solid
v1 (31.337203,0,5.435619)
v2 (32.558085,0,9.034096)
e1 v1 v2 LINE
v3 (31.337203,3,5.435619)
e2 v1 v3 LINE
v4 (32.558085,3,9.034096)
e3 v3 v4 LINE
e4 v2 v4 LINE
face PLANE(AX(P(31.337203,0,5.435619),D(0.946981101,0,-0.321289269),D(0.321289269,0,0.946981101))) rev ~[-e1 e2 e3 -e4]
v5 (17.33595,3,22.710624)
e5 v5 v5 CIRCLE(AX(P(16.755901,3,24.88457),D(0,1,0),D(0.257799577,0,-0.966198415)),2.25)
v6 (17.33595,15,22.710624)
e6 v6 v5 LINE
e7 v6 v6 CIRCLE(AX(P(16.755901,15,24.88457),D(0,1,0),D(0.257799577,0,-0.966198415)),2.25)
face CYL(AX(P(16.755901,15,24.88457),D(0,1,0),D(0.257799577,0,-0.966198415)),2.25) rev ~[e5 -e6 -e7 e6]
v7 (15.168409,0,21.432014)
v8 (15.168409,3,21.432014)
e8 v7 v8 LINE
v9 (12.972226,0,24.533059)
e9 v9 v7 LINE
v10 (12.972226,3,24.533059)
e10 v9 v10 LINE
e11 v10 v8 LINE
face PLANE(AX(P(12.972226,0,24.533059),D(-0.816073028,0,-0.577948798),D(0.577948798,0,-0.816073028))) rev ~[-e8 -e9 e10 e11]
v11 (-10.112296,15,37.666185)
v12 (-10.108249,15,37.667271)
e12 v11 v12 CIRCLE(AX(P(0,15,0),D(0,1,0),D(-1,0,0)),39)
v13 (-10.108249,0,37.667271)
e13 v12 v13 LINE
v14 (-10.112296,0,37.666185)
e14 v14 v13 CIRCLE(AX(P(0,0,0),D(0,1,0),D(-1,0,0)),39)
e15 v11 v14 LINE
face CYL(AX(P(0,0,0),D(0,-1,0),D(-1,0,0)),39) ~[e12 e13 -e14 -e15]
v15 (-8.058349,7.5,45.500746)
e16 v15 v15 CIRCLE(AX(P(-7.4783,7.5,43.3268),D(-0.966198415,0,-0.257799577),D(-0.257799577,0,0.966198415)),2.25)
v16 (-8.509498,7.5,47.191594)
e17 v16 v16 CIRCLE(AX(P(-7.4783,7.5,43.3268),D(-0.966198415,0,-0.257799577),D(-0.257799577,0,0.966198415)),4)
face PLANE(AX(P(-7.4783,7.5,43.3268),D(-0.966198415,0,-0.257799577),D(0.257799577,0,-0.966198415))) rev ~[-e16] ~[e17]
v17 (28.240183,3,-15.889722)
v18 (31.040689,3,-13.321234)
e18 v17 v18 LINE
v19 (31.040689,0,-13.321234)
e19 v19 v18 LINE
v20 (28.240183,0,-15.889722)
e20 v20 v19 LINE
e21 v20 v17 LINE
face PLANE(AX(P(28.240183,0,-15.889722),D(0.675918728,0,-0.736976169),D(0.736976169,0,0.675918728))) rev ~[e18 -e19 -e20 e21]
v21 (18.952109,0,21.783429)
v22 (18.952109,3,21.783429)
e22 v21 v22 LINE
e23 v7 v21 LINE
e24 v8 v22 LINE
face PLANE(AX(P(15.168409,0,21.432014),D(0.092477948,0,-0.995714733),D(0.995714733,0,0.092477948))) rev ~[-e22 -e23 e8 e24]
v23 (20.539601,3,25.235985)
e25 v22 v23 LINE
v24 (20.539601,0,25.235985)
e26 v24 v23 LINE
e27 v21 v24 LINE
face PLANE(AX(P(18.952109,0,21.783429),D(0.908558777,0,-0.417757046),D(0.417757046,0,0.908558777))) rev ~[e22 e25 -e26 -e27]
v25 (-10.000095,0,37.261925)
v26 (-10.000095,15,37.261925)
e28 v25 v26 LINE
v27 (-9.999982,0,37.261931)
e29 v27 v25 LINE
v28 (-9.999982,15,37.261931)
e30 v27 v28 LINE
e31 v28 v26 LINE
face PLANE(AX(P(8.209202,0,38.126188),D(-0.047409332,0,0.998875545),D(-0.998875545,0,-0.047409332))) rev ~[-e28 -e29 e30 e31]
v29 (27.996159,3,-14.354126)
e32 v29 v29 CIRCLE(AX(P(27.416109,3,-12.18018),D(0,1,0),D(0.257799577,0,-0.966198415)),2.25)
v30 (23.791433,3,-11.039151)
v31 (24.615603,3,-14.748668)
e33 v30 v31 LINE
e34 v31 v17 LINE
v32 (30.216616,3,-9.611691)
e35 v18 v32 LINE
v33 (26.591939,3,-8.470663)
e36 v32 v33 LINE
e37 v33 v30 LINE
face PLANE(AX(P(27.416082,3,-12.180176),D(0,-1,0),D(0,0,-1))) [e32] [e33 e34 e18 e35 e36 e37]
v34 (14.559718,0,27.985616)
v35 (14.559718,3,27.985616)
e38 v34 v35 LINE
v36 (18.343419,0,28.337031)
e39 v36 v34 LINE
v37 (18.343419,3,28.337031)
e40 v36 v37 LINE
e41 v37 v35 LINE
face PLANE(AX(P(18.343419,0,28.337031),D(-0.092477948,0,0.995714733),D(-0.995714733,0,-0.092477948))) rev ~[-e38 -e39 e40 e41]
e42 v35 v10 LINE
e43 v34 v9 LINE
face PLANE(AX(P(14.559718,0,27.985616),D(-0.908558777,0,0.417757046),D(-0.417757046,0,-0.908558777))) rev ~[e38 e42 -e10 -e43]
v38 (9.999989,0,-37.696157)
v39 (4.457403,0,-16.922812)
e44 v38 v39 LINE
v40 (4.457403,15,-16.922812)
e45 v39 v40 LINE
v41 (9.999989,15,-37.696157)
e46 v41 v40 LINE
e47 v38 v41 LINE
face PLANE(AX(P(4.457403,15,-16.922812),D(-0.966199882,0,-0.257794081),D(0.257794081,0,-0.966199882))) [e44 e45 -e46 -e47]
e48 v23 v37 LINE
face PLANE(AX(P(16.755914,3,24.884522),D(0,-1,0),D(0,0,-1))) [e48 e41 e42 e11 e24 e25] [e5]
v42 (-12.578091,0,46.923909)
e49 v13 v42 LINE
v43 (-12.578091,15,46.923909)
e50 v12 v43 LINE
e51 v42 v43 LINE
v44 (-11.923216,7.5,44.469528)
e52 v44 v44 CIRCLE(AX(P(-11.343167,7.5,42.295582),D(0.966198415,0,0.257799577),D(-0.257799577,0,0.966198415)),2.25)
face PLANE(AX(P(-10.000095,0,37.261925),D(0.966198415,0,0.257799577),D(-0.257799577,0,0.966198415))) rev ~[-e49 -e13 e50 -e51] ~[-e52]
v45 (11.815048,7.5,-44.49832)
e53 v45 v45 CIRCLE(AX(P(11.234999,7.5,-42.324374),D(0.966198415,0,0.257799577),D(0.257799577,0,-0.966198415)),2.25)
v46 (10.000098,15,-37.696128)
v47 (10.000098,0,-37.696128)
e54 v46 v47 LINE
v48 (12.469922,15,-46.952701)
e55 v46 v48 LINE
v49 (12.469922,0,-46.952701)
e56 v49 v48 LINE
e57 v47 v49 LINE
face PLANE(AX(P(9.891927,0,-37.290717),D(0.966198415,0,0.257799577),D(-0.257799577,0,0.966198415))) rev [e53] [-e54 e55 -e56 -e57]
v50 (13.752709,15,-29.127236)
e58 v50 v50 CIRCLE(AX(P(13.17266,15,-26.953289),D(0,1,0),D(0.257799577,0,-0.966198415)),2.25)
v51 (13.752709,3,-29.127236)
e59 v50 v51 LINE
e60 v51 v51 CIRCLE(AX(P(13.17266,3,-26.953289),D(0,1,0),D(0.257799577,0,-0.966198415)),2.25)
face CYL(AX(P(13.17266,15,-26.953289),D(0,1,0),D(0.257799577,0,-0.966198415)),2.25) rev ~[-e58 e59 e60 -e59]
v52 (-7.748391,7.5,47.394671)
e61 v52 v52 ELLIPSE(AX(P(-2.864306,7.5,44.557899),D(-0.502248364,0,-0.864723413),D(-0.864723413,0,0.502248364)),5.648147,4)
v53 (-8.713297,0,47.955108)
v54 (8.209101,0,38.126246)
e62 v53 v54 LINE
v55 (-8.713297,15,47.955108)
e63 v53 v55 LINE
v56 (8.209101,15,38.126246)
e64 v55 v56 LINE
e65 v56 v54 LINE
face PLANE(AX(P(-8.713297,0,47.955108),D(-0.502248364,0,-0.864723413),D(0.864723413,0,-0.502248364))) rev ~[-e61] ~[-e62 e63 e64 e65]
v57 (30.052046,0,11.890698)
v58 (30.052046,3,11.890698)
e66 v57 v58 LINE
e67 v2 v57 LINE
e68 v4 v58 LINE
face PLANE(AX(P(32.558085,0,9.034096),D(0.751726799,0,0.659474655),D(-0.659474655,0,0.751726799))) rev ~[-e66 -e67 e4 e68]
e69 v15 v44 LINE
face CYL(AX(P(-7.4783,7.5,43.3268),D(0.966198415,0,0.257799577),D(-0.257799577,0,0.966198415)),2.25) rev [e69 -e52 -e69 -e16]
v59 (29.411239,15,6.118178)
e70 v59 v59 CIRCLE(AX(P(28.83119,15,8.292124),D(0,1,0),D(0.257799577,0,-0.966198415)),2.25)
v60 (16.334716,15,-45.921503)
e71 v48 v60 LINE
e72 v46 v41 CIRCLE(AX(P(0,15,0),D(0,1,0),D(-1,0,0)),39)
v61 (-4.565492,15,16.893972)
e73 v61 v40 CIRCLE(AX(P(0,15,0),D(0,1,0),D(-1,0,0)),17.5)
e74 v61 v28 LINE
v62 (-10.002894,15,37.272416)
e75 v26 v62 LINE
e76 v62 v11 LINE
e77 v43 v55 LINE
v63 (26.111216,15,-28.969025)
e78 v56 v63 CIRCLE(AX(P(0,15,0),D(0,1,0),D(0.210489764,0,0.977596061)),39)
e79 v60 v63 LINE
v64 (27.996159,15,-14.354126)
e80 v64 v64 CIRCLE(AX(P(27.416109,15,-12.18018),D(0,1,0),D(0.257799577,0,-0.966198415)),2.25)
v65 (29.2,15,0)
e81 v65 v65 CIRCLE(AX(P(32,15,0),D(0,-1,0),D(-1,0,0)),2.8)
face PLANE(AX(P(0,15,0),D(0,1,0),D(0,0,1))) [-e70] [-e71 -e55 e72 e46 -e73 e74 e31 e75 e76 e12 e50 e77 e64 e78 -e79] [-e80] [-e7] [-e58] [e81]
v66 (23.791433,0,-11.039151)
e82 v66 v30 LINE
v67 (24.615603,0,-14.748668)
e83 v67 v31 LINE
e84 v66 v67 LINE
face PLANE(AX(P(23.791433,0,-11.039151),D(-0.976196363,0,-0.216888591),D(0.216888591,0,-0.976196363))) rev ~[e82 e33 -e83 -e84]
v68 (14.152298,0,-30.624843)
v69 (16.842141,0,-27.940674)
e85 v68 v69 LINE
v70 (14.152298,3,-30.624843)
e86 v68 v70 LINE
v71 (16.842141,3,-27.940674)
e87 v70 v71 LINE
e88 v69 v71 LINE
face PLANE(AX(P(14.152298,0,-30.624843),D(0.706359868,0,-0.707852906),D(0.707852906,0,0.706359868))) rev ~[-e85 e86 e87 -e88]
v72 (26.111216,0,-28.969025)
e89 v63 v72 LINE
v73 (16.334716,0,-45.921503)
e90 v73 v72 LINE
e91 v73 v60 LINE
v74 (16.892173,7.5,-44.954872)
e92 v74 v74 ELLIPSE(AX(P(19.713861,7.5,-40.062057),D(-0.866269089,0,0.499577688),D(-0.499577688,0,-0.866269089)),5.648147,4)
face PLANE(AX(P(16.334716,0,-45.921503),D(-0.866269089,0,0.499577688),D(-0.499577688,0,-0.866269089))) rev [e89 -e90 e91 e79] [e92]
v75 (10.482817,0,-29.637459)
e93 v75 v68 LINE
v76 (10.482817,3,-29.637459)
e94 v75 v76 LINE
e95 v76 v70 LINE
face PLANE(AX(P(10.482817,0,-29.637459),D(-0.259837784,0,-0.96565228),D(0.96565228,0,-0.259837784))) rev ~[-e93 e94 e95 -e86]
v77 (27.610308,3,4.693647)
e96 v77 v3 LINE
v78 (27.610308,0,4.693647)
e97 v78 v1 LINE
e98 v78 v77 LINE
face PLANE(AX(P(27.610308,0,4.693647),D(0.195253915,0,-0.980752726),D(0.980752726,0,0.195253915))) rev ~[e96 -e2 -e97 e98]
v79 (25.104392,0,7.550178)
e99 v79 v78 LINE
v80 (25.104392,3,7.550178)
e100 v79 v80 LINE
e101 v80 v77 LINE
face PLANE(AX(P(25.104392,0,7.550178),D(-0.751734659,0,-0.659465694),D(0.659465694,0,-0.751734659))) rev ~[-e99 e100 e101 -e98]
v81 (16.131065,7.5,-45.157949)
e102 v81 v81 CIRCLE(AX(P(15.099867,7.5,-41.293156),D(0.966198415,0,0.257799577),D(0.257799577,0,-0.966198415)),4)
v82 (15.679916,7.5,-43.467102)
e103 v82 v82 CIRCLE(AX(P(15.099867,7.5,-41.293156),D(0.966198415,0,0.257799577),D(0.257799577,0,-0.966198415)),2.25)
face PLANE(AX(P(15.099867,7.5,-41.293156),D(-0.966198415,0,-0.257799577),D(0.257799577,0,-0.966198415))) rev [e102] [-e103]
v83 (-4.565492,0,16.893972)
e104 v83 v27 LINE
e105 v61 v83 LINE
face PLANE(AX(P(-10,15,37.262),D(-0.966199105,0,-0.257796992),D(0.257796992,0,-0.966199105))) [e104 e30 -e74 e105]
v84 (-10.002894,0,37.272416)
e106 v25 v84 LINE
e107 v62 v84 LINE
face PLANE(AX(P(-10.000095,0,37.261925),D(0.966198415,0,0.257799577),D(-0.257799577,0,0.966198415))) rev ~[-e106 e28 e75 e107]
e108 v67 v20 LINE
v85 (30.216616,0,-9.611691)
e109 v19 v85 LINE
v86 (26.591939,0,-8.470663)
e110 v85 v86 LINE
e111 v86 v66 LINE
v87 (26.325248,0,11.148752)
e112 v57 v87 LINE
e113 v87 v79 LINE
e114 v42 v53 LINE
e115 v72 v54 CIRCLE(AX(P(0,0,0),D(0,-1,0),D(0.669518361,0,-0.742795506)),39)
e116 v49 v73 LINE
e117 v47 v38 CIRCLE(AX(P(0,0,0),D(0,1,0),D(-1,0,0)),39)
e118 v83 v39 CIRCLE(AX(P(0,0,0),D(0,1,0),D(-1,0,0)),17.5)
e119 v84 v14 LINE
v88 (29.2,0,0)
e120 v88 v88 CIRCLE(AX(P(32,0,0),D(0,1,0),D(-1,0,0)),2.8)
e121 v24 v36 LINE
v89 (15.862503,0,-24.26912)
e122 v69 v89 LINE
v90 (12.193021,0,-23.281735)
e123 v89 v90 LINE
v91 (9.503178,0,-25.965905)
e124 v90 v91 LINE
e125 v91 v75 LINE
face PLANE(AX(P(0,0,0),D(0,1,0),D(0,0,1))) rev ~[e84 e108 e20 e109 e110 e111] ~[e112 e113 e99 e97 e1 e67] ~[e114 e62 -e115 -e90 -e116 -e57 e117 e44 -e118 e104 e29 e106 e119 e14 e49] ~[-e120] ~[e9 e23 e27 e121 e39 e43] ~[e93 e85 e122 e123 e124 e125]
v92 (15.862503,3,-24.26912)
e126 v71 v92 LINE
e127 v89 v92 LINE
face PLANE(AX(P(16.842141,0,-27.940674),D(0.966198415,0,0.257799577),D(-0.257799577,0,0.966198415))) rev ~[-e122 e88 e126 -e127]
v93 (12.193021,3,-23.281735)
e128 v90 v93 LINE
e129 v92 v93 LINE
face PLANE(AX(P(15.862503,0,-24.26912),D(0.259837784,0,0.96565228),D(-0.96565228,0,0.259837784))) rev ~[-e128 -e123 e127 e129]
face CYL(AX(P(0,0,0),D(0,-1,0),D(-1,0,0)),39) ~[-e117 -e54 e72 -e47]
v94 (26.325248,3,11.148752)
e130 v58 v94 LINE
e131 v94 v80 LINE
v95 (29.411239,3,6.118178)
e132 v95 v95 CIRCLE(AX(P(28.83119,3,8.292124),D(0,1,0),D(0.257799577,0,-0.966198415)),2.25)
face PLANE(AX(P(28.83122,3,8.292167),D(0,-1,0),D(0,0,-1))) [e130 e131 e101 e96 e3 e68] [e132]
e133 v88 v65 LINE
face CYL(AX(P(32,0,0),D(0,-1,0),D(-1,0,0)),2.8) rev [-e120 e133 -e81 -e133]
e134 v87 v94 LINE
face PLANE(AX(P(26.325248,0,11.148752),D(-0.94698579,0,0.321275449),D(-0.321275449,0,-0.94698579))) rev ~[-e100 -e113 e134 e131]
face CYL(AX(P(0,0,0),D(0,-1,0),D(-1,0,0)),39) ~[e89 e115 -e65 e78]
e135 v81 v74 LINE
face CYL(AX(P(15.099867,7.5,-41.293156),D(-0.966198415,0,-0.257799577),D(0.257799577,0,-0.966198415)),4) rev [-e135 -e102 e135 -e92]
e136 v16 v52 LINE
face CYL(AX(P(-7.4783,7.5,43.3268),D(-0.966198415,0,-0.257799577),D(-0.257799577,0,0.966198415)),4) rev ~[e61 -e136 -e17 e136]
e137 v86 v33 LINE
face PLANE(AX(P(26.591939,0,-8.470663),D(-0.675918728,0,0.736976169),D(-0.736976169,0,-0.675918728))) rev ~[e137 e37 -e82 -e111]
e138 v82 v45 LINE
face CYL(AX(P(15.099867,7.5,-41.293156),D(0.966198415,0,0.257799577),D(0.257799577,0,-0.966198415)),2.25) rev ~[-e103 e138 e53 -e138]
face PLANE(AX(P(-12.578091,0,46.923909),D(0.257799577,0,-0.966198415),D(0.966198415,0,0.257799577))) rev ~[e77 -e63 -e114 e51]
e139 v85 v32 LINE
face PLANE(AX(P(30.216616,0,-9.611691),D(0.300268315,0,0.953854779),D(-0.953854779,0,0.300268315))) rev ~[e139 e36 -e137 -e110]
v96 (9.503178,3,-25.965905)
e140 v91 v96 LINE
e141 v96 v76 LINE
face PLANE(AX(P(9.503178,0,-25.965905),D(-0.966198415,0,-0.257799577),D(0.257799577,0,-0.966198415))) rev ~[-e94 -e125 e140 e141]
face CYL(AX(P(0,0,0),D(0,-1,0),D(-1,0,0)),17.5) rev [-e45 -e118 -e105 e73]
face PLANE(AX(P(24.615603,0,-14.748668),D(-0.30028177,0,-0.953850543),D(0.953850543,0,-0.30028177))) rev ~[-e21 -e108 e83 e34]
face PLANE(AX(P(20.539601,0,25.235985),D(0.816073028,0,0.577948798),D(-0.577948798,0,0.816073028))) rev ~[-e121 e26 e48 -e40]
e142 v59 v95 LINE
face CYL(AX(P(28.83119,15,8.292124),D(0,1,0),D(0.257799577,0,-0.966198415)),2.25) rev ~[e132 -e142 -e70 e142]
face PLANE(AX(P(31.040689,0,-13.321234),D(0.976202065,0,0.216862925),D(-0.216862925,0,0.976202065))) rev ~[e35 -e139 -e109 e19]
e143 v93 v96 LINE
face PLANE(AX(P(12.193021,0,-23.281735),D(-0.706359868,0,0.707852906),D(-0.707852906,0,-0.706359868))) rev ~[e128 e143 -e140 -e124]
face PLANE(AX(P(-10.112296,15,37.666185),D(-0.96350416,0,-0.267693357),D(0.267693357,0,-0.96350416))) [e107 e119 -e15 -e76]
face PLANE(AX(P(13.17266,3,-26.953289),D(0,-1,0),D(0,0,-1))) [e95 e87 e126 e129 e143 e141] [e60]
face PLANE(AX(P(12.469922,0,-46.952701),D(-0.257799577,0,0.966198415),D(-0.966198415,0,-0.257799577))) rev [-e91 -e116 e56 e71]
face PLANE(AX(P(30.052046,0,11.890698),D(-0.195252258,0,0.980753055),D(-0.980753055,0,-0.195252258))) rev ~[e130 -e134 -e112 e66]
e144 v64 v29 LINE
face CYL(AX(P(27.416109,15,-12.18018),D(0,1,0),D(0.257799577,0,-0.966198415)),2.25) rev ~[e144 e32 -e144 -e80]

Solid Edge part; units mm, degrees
sketch "Sketch1" plane through (0, 0, 0) normal (0, 1, 0) x (-1, 0, 0)
  circle A0 centre (16.756, -24.8845) radius 2.25
  circle A1 centre (27.4161, 12.1803) radius 2.25
  circle A2 centre (-7.2345, 29.1146) radius 2.25
  circle A3 centre (-21.5968, -20.8226) radius 2.25
  circle A4 centre (0, -32) radius 2.8
  circle A5 centre (0, 32) radius 2.8
  circle A6 centre (0, 0) radius 39
  circle A7 centre (-32, 0) radius 2.8
  circle A8 centre (32, 0) radius 2.8
  circle A9 centre (-24.2565, 17.6529) radius 2.25
  circle A10 centre (13.1726, 26.9533) radius 2.25
  circle A11 centre (28.8313, -8.2921) radius 2.25
  circle A12 centre (0, 0) radius 17.5
extrude "Protrusion1" add sketch "Sketch1" along normal blind 15
sketch "Sketch2" plane through (0, 15, 0) normal (0, 1, 0) x (-1, 0, 0)
  circle A0 centre (27.4161, 12.1803) radius 2.25
  circle A1 centre (32, 0) radius 2.8
  circle A2 centre (13.1726, 26.9533) radius 2.25
  circle A3 centre (16.756, -24.8845) radius 2.25
  circle A4 centre (28.8313, -8.2921) radius 2.25
  circle A5 centre (0, -32) radius 2.8
  arc A6 (4.5655, 16.894) -> (-4.4574, -16.9228) centre (0, 0) cw
  line L0 (-4.4574, -16.9228) -> (-10, -37.6962)
  arc A7 (10.1123, 37.6662) -> (-10, -37.6962) centre (0, 0) cw
  line L1 (10.1123, 37.6662) -> (10, 37.262)
  line L2 (10, 37.262) -> (4.5655, 16.894)
extrude "ExtrudedCutout_1" cut sketch "Sketch2" along normal mid plane 476
sketch "Sketch3" plane through (14.4439, 0, 0.6519) normal (0, -1, 0) x (-0.2578, 0, 0.9662)
  line L0 (51.6742, 10.1797) -> (37.8149, -3.6369)
  line L1 (37.8149, -3.6369) -> (41.6742, 14.1797)
  line L2 (41.6742, 14.1797) -> (51.6742, 14.1797)
  line L3 (51.6742, 14.1797) -> (51.6742, 10.1797)
extrude "Protrusion2" add sketch "Sketch3" against normal up to vertex (15 mm away)
sketch "Sketch4" plane through (-7.4783, 7.5, 43.3268) normal (-0.9662, 0, -0.2578) x (-0.2578, 0, 0.9662)
  circle A0 centre (0, 0) radius 2.25
extrude "ExtrudedCutout_2" cut sketch "Sketch4" along normal mid plane 49.6
sketch "Sketch5" plane through (-7.4783, 7.5, 43.3268) normal (-0.9662, 0, -0.2578) x (-0.2578, 0, 0.9662)
  circle A0 centre (0, 0) radius 4
extrude "ExtrudedCutout_3" cut sketch "Sketch5" against normal blind 13.9
mirror "Mirror1" about plane through (1.8783, 7.5, 0.5012) normal (-0.2578, 0, 0.9662) of "Protrusion2", "ExtrudedCutout_2", "ExtrudedCutout_3"
sketch "Sketch6" plane through (0, 0, 0) normal (0, 1, 0) x (-1, 0, 0)
  arc A0 (-10, -37.6962) -> (-26.1113, -28.9689) centre (0, 0) cw
  arc A1 (-26.1113, -28.9689) -> (-8.2093, 38.1262) centre (0, 0) cw
  arc A2 (-8.2093, 38.1262) -> (10.1081, 37.6673) centre (0, 0) cw
  arc A3 (10.1081, 37.6673) -> (10.1123, 37.6662) centre (0, 0) cw
  line L0 (10.1123, 37.6662) -> (10, 37.262)
  line L1 (10, 37.262) -> (4.5655, 16.894)
  arc A4 (-4.4574, -16.9228) -> (4.5655, 16.894) centre (0, 0) cw
  line L2 (-4.4574, -16.9228) -> (-10, -37.6962)
extrude "Protrusion3" add sketch "Sketch6" along normal up to vertex (15 mm away)
sketch "Sketch7" plane through (13.211, 15, 0.5012) normal (0, 1, 0) x (0.2578, 0, -0.9662)
  circle A0 centre (-22.6453, -9.7111) radius 2.25
  circle A1 centre (-3.5007, -17.1007) radius 2.25
  circle A2 centre (15.9148, -10.4557) radius 2.25
  circle A3 centre (26.5166, 7.1148) radius 2.25
extrude "ExtrudedCutout_5" cut sketch "Sketch7" against normal blind 56.1
sketch "Sketch8" plane through (0, 0, 0) normal (0, 1, 0) x (-1, 0, 0)
  circle A0 centre (-32, 0) radius 2.8
extrude "ExtrudedCutout_6" cut sketch "Sketch8" along normal blind 110.3
sketch "Sketch9" plane through (13.211, 0, 0.5012) normal (0, -1, 0) x (0.2578, 0, -0.9662)
  line L0 (-25.5718, 12.135) -> (-26.2077, 8.3886)
  line L1 (-26.2077, 8.3886) -> (-23.2811, 5.9647)
  line L2 (-23.2811, 5.9647) -> (-19.7187, 7.2872)
  line L3 (-19.7187, 7.2872) -> (-19.0828, 11.0336)
  line L4 (-19.0828, 11.0336) -> (-22.0094, 13.4575)
  line L5 (-22.0094, 13.4575) -> (-25.5718, 12.135)
  line L6 (-6.6629, 19.208) -> (-6.9068, 15.4159)
  line L7 (-6.9068, 15.4159) -> (-3.7446, 13.3086)
  line L8 (-3.7446, 13.3086) -> (-0.3386, 14.9934)
  line L9 (-0.3386, 14.9934) -> (-0.0947, 18.7856)
  line L10 (-0.0947, 18.7856) -> (-3.2568, 20.8929)
  line L11 (-3.2568, 20.8929) -> (-6.6629, 19.208)
  line L12 (17.9517, 13.6636) -> (14.1551, 13.8237)
  line L13 (14.1551, 13.8237) -> (12.1182, 10.6157)
  line L14 (12.1182, 10.6157) -> (13.8779, 7.2477)
  line L15 (13.8779, 7.2477) -> (17.6745, 7.0877)
  line L16 (17.6745, 7.0877) -> (19.7114, 10.2956)
  line L17 (19.7114, 10.2956) -> (17.9517, 13.6636)
extrude "ExtrudedCutout_7" cut sketch "Sketch9" against normal blind 3
sketch "Sketch10" plane through (13.211, 0, 0.5012) normal (0, -1, 0) x (0.2578, 0, -0.9662)
  line L0 (22.7166, -7.1148) -> (24.6166, -10.4057)
  line L1 (24.6166, -10.4057) -> (28.4166, -10.4057)
  line L2 (28.4166, -10.4057) -> (30.3166, -7.1148)
  line L3 (30.3166, -7.1148) -> (28.4166, -3.8239)
  line L4 (28.4166, -3.8239) -> (24.6166, -3.8239)
  line L5 (24.6166, -3.8239) -> (22.7166, -7.1148)
extrude "ExtrudedCutout_8" cut sketch "Sketch10" against normal blind 3
